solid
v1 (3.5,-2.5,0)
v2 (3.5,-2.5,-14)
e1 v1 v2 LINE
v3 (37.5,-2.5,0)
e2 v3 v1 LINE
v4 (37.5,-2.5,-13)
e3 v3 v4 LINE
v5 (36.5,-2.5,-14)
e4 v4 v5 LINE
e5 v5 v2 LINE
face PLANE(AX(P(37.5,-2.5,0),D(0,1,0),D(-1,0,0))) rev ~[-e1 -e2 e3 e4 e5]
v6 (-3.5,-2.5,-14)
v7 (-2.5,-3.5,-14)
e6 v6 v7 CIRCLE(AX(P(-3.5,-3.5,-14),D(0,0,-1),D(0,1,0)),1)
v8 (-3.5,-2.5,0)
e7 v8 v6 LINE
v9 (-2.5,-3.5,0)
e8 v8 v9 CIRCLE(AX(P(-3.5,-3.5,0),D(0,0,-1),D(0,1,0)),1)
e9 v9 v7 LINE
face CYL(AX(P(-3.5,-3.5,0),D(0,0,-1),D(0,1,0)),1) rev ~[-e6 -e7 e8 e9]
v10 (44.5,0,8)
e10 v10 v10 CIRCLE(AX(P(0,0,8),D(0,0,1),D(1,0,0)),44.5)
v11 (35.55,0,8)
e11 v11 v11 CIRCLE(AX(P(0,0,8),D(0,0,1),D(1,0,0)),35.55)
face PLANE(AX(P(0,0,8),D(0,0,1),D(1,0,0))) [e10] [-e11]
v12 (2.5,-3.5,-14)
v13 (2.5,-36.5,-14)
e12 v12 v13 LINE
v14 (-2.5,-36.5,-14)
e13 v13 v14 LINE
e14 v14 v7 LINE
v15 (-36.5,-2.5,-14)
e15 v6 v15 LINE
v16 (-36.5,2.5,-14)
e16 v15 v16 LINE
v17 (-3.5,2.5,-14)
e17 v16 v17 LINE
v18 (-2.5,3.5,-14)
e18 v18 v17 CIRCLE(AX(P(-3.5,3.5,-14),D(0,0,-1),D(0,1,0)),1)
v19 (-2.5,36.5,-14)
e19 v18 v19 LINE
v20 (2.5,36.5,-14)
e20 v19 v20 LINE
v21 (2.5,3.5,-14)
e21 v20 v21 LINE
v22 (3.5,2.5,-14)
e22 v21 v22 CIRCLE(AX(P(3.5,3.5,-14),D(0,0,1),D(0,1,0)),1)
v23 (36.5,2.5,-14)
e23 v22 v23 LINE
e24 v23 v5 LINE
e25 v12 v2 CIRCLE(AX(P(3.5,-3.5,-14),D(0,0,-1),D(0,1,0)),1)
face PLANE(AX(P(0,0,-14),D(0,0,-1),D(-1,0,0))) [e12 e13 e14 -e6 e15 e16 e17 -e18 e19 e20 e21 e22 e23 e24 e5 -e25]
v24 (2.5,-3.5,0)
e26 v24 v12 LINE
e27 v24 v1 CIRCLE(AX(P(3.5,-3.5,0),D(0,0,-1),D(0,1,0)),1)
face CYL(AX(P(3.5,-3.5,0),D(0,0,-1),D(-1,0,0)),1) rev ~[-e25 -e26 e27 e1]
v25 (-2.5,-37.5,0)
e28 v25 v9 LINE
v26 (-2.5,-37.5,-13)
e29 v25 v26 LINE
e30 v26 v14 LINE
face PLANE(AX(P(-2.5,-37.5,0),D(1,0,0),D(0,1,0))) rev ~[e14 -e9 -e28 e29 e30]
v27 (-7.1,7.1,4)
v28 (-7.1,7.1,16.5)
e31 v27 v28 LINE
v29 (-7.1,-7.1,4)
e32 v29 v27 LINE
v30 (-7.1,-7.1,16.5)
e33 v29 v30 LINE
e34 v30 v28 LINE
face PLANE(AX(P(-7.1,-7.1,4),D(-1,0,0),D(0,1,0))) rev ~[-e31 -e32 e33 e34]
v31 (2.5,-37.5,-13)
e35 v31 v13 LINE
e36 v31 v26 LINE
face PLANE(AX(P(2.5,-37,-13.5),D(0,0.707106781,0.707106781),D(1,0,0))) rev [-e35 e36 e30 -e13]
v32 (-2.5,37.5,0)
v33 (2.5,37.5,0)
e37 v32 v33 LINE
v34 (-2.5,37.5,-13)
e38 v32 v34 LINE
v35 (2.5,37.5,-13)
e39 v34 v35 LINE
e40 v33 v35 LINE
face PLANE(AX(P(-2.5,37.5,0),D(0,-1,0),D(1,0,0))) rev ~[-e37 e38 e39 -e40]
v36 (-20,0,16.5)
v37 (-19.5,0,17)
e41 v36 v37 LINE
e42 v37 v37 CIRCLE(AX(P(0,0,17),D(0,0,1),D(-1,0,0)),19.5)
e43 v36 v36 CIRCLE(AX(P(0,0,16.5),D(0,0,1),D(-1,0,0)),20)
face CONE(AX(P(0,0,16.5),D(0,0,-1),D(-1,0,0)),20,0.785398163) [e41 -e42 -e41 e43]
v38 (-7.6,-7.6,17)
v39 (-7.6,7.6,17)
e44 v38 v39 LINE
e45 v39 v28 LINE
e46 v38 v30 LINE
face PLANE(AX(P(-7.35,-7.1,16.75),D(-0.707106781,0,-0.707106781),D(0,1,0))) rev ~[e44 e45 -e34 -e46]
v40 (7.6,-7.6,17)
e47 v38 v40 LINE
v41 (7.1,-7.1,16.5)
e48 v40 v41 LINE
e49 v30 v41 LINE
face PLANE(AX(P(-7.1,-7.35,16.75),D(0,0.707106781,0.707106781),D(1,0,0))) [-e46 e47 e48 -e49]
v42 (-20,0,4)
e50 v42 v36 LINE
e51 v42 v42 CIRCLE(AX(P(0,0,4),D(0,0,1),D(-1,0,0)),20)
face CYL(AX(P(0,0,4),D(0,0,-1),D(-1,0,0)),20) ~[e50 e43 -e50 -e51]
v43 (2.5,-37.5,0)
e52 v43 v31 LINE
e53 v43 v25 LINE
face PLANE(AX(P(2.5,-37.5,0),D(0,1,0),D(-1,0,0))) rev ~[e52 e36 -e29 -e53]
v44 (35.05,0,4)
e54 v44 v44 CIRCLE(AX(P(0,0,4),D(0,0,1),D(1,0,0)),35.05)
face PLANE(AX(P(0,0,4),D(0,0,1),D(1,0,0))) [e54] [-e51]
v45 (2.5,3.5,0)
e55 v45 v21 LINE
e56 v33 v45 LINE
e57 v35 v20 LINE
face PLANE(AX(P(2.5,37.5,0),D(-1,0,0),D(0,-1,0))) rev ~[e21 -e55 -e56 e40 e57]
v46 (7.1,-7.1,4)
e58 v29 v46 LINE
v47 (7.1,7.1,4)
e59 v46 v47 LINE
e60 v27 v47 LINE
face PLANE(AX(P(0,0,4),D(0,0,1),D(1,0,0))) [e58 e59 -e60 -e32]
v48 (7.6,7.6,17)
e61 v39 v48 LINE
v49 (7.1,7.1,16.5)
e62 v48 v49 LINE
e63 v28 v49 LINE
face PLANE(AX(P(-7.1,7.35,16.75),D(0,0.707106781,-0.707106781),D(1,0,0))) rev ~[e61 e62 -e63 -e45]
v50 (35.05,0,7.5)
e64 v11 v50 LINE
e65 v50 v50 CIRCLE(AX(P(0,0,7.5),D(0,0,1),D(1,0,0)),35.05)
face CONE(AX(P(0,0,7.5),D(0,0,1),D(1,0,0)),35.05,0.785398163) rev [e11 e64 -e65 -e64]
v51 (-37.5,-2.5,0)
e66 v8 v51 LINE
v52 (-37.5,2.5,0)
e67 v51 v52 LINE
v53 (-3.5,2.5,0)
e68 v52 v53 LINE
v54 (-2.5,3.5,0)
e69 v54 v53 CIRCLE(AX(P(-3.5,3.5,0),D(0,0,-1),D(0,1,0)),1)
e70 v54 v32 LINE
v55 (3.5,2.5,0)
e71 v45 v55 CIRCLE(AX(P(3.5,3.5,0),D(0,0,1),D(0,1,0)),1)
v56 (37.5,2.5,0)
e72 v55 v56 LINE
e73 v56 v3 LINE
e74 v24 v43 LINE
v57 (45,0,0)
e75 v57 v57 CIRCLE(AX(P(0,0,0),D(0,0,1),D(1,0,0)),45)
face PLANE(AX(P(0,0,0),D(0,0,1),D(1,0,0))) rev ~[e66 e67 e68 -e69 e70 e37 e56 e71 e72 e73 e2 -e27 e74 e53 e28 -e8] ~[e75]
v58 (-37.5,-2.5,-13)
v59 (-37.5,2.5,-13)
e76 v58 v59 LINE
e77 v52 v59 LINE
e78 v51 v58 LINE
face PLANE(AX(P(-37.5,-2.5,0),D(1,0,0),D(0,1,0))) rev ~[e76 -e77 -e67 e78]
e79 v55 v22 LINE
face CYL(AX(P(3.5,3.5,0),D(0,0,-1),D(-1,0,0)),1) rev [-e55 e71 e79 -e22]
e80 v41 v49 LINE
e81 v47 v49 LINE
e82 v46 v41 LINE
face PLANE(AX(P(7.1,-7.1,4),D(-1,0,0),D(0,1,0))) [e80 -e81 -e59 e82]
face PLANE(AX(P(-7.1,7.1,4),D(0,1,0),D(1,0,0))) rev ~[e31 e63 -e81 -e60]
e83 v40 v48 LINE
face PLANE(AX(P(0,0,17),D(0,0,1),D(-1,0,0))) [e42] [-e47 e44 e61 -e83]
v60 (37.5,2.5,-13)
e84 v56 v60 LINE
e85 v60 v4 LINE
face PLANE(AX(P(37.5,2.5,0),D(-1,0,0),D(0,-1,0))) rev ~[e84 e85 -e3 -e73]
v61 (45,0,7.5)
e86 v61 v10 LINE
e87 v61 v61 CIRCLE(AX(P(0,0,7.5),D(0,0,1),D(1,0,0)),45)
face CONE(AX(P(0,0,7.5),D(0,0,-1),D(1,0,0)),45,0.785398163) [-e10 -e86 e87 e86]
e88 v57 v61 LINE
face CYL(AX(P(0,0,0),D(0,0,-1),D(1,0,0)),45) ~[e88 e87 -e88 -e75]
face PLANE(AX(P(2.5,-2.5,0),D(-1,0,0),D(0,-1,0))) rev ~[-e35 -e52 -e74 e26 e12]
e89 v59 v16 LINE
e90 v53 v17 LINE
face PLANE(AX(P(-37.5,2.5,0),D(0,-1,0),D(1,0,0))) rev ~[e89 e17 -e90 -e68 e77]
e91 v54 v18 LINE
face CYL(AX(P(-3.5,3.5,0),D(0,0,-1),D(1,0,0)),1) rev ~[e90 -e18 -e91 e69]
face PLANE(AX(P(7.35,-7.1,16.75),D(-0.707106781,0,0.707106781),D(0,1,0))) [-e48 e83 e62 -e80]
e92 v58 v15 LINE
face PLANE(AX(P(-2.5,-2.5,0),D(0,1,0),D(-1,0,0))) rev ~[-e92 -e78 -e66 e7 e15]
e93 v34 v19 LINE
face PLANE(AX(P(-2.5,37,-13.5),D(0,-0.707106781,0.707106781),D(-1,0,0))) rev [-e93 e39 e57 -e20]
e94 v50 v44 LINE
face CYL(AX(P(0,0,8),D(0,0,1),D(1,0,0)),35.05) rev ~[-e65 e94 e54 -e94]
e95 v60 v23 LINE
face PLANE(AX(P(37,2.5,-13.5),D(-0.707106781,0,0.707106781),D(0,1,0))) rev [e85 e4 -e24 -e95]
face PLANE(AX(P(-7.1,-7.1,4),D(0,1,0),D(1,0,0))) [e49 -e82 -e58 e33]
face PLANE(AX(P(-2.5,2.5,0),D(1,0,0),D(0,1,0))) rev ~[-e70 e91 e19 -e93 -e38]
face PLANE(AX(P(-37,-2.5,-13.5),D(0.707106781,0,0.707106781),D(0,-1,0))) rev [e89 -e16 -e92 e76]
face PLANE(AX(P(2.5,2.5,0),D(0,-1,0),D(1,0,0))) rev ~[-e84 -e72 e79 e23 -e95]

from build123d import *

# Parameters (mm, degrees)
SKETCH1_R           = 45
BOSS_EXTRUDE1_DEPTH = 8
SKETCH2_R           = 35.05
CUT_EXTRUDE1_DEPTH  = 4
SKETCH3_R           = 20
SKETCH3_W           = 14.2
SKETCH3_H           = 14.2
BOSS_EXTRUDE2_DEPTH = 13
CHAMFER1_SIZE       = 0.5
BOSS_EXTRUDE3_DEPTH = 14
CHAMFER3_SIZE       = 1
FILLET1_R           = 1


with BuildPart() as part:
    # Sketch1 → Boss-Extrude1 (new body)
    with BuildSketch(Plane.XY):
        Circle(SKETCH1_R)
    extrude(amount=BOSS_EXTRUDE1_DEPTH)

    # Sketch2 → Cut-Extrude1 (cut)
    with BuildSketch(Plane.XY.offset(8)):
        Circle(SKETCH2_R)
    extrude(amount=-CUT_EXTRUDE1_DEPTH, mode=Mode.SUBTRACT)

    # Sketch3 → Boss-Extrude2 (add)
    with BuildSketch(Plane.XY.offset(4)):
        with Locations(Location((0, 0, 0), (0, 0, 180))):
            Circle(SKETCH3_R)
        Rectangle(SKETCH3_W, SKETCH3_H, mode=Mode.SUBTRACT)
    extrude(amount=BOSS_EXTRUDE2_DEPTH)

    # Chamfer1
    chamfer1_edges = [part.edges().sort_by_distance(p)[0] for p in [
        (20, 0, 17),
        (-7.1, 0, 17),
        (0, -7.1, 17),
        (7.1, 0, 17),
        (0, 7.1, 17),
        (-45, 0, 8),
        (-35.05, 0, 8),
    ]]
    chamfer(chamfer1_edges, length=CHAMFER1_SIZE)

    # Sketch4 → Boss-Extrude3 (add)
    with BuildSketch(Plane(origin=(0, 0, 0), x_dir=(-1, 0, 0), z_dir=(0, 0, -1))):
        Polygon((-2.5, 2.5), (-37.5, 2.5), (-37.5, -2.5), (-2.5, -2.5), (-2.5, -37.5), (2.5, -37.5), (2.5, -2.5), (37.5, -2.5), (37.5, 2.5), (2.5, 2.5), (2.5, 37.5), (-2.5, 37.5), align=None)
    extrude(amount=BOSS_EXTRUDE3_DEPTH)

    # Chamfer3
    chamfer3_edges = [part.edges().sort_by_distance(p)[0] for p in [
        (0, 37.5, -14),
        (37.5, 0, -14),
        (0, -37.5, -14),
        (-37.5, 0, -14),
    ]]
    chamfer(chamfer3_edges, length=CHAMFER3_SIZE)

    # Fillet1
    fillet1_edges = [part.edges().sort_by_distance(p)[0] for p in [
        (-2.5, 2.5, -7),
        (2.5, 2.5, -7),
        (2.5, -2.5, -7),
        (-2.5, -2.5, -7),
    ]]
    fillet(fillet1_edges, radius=FILLET1_R)


solid = part.part
